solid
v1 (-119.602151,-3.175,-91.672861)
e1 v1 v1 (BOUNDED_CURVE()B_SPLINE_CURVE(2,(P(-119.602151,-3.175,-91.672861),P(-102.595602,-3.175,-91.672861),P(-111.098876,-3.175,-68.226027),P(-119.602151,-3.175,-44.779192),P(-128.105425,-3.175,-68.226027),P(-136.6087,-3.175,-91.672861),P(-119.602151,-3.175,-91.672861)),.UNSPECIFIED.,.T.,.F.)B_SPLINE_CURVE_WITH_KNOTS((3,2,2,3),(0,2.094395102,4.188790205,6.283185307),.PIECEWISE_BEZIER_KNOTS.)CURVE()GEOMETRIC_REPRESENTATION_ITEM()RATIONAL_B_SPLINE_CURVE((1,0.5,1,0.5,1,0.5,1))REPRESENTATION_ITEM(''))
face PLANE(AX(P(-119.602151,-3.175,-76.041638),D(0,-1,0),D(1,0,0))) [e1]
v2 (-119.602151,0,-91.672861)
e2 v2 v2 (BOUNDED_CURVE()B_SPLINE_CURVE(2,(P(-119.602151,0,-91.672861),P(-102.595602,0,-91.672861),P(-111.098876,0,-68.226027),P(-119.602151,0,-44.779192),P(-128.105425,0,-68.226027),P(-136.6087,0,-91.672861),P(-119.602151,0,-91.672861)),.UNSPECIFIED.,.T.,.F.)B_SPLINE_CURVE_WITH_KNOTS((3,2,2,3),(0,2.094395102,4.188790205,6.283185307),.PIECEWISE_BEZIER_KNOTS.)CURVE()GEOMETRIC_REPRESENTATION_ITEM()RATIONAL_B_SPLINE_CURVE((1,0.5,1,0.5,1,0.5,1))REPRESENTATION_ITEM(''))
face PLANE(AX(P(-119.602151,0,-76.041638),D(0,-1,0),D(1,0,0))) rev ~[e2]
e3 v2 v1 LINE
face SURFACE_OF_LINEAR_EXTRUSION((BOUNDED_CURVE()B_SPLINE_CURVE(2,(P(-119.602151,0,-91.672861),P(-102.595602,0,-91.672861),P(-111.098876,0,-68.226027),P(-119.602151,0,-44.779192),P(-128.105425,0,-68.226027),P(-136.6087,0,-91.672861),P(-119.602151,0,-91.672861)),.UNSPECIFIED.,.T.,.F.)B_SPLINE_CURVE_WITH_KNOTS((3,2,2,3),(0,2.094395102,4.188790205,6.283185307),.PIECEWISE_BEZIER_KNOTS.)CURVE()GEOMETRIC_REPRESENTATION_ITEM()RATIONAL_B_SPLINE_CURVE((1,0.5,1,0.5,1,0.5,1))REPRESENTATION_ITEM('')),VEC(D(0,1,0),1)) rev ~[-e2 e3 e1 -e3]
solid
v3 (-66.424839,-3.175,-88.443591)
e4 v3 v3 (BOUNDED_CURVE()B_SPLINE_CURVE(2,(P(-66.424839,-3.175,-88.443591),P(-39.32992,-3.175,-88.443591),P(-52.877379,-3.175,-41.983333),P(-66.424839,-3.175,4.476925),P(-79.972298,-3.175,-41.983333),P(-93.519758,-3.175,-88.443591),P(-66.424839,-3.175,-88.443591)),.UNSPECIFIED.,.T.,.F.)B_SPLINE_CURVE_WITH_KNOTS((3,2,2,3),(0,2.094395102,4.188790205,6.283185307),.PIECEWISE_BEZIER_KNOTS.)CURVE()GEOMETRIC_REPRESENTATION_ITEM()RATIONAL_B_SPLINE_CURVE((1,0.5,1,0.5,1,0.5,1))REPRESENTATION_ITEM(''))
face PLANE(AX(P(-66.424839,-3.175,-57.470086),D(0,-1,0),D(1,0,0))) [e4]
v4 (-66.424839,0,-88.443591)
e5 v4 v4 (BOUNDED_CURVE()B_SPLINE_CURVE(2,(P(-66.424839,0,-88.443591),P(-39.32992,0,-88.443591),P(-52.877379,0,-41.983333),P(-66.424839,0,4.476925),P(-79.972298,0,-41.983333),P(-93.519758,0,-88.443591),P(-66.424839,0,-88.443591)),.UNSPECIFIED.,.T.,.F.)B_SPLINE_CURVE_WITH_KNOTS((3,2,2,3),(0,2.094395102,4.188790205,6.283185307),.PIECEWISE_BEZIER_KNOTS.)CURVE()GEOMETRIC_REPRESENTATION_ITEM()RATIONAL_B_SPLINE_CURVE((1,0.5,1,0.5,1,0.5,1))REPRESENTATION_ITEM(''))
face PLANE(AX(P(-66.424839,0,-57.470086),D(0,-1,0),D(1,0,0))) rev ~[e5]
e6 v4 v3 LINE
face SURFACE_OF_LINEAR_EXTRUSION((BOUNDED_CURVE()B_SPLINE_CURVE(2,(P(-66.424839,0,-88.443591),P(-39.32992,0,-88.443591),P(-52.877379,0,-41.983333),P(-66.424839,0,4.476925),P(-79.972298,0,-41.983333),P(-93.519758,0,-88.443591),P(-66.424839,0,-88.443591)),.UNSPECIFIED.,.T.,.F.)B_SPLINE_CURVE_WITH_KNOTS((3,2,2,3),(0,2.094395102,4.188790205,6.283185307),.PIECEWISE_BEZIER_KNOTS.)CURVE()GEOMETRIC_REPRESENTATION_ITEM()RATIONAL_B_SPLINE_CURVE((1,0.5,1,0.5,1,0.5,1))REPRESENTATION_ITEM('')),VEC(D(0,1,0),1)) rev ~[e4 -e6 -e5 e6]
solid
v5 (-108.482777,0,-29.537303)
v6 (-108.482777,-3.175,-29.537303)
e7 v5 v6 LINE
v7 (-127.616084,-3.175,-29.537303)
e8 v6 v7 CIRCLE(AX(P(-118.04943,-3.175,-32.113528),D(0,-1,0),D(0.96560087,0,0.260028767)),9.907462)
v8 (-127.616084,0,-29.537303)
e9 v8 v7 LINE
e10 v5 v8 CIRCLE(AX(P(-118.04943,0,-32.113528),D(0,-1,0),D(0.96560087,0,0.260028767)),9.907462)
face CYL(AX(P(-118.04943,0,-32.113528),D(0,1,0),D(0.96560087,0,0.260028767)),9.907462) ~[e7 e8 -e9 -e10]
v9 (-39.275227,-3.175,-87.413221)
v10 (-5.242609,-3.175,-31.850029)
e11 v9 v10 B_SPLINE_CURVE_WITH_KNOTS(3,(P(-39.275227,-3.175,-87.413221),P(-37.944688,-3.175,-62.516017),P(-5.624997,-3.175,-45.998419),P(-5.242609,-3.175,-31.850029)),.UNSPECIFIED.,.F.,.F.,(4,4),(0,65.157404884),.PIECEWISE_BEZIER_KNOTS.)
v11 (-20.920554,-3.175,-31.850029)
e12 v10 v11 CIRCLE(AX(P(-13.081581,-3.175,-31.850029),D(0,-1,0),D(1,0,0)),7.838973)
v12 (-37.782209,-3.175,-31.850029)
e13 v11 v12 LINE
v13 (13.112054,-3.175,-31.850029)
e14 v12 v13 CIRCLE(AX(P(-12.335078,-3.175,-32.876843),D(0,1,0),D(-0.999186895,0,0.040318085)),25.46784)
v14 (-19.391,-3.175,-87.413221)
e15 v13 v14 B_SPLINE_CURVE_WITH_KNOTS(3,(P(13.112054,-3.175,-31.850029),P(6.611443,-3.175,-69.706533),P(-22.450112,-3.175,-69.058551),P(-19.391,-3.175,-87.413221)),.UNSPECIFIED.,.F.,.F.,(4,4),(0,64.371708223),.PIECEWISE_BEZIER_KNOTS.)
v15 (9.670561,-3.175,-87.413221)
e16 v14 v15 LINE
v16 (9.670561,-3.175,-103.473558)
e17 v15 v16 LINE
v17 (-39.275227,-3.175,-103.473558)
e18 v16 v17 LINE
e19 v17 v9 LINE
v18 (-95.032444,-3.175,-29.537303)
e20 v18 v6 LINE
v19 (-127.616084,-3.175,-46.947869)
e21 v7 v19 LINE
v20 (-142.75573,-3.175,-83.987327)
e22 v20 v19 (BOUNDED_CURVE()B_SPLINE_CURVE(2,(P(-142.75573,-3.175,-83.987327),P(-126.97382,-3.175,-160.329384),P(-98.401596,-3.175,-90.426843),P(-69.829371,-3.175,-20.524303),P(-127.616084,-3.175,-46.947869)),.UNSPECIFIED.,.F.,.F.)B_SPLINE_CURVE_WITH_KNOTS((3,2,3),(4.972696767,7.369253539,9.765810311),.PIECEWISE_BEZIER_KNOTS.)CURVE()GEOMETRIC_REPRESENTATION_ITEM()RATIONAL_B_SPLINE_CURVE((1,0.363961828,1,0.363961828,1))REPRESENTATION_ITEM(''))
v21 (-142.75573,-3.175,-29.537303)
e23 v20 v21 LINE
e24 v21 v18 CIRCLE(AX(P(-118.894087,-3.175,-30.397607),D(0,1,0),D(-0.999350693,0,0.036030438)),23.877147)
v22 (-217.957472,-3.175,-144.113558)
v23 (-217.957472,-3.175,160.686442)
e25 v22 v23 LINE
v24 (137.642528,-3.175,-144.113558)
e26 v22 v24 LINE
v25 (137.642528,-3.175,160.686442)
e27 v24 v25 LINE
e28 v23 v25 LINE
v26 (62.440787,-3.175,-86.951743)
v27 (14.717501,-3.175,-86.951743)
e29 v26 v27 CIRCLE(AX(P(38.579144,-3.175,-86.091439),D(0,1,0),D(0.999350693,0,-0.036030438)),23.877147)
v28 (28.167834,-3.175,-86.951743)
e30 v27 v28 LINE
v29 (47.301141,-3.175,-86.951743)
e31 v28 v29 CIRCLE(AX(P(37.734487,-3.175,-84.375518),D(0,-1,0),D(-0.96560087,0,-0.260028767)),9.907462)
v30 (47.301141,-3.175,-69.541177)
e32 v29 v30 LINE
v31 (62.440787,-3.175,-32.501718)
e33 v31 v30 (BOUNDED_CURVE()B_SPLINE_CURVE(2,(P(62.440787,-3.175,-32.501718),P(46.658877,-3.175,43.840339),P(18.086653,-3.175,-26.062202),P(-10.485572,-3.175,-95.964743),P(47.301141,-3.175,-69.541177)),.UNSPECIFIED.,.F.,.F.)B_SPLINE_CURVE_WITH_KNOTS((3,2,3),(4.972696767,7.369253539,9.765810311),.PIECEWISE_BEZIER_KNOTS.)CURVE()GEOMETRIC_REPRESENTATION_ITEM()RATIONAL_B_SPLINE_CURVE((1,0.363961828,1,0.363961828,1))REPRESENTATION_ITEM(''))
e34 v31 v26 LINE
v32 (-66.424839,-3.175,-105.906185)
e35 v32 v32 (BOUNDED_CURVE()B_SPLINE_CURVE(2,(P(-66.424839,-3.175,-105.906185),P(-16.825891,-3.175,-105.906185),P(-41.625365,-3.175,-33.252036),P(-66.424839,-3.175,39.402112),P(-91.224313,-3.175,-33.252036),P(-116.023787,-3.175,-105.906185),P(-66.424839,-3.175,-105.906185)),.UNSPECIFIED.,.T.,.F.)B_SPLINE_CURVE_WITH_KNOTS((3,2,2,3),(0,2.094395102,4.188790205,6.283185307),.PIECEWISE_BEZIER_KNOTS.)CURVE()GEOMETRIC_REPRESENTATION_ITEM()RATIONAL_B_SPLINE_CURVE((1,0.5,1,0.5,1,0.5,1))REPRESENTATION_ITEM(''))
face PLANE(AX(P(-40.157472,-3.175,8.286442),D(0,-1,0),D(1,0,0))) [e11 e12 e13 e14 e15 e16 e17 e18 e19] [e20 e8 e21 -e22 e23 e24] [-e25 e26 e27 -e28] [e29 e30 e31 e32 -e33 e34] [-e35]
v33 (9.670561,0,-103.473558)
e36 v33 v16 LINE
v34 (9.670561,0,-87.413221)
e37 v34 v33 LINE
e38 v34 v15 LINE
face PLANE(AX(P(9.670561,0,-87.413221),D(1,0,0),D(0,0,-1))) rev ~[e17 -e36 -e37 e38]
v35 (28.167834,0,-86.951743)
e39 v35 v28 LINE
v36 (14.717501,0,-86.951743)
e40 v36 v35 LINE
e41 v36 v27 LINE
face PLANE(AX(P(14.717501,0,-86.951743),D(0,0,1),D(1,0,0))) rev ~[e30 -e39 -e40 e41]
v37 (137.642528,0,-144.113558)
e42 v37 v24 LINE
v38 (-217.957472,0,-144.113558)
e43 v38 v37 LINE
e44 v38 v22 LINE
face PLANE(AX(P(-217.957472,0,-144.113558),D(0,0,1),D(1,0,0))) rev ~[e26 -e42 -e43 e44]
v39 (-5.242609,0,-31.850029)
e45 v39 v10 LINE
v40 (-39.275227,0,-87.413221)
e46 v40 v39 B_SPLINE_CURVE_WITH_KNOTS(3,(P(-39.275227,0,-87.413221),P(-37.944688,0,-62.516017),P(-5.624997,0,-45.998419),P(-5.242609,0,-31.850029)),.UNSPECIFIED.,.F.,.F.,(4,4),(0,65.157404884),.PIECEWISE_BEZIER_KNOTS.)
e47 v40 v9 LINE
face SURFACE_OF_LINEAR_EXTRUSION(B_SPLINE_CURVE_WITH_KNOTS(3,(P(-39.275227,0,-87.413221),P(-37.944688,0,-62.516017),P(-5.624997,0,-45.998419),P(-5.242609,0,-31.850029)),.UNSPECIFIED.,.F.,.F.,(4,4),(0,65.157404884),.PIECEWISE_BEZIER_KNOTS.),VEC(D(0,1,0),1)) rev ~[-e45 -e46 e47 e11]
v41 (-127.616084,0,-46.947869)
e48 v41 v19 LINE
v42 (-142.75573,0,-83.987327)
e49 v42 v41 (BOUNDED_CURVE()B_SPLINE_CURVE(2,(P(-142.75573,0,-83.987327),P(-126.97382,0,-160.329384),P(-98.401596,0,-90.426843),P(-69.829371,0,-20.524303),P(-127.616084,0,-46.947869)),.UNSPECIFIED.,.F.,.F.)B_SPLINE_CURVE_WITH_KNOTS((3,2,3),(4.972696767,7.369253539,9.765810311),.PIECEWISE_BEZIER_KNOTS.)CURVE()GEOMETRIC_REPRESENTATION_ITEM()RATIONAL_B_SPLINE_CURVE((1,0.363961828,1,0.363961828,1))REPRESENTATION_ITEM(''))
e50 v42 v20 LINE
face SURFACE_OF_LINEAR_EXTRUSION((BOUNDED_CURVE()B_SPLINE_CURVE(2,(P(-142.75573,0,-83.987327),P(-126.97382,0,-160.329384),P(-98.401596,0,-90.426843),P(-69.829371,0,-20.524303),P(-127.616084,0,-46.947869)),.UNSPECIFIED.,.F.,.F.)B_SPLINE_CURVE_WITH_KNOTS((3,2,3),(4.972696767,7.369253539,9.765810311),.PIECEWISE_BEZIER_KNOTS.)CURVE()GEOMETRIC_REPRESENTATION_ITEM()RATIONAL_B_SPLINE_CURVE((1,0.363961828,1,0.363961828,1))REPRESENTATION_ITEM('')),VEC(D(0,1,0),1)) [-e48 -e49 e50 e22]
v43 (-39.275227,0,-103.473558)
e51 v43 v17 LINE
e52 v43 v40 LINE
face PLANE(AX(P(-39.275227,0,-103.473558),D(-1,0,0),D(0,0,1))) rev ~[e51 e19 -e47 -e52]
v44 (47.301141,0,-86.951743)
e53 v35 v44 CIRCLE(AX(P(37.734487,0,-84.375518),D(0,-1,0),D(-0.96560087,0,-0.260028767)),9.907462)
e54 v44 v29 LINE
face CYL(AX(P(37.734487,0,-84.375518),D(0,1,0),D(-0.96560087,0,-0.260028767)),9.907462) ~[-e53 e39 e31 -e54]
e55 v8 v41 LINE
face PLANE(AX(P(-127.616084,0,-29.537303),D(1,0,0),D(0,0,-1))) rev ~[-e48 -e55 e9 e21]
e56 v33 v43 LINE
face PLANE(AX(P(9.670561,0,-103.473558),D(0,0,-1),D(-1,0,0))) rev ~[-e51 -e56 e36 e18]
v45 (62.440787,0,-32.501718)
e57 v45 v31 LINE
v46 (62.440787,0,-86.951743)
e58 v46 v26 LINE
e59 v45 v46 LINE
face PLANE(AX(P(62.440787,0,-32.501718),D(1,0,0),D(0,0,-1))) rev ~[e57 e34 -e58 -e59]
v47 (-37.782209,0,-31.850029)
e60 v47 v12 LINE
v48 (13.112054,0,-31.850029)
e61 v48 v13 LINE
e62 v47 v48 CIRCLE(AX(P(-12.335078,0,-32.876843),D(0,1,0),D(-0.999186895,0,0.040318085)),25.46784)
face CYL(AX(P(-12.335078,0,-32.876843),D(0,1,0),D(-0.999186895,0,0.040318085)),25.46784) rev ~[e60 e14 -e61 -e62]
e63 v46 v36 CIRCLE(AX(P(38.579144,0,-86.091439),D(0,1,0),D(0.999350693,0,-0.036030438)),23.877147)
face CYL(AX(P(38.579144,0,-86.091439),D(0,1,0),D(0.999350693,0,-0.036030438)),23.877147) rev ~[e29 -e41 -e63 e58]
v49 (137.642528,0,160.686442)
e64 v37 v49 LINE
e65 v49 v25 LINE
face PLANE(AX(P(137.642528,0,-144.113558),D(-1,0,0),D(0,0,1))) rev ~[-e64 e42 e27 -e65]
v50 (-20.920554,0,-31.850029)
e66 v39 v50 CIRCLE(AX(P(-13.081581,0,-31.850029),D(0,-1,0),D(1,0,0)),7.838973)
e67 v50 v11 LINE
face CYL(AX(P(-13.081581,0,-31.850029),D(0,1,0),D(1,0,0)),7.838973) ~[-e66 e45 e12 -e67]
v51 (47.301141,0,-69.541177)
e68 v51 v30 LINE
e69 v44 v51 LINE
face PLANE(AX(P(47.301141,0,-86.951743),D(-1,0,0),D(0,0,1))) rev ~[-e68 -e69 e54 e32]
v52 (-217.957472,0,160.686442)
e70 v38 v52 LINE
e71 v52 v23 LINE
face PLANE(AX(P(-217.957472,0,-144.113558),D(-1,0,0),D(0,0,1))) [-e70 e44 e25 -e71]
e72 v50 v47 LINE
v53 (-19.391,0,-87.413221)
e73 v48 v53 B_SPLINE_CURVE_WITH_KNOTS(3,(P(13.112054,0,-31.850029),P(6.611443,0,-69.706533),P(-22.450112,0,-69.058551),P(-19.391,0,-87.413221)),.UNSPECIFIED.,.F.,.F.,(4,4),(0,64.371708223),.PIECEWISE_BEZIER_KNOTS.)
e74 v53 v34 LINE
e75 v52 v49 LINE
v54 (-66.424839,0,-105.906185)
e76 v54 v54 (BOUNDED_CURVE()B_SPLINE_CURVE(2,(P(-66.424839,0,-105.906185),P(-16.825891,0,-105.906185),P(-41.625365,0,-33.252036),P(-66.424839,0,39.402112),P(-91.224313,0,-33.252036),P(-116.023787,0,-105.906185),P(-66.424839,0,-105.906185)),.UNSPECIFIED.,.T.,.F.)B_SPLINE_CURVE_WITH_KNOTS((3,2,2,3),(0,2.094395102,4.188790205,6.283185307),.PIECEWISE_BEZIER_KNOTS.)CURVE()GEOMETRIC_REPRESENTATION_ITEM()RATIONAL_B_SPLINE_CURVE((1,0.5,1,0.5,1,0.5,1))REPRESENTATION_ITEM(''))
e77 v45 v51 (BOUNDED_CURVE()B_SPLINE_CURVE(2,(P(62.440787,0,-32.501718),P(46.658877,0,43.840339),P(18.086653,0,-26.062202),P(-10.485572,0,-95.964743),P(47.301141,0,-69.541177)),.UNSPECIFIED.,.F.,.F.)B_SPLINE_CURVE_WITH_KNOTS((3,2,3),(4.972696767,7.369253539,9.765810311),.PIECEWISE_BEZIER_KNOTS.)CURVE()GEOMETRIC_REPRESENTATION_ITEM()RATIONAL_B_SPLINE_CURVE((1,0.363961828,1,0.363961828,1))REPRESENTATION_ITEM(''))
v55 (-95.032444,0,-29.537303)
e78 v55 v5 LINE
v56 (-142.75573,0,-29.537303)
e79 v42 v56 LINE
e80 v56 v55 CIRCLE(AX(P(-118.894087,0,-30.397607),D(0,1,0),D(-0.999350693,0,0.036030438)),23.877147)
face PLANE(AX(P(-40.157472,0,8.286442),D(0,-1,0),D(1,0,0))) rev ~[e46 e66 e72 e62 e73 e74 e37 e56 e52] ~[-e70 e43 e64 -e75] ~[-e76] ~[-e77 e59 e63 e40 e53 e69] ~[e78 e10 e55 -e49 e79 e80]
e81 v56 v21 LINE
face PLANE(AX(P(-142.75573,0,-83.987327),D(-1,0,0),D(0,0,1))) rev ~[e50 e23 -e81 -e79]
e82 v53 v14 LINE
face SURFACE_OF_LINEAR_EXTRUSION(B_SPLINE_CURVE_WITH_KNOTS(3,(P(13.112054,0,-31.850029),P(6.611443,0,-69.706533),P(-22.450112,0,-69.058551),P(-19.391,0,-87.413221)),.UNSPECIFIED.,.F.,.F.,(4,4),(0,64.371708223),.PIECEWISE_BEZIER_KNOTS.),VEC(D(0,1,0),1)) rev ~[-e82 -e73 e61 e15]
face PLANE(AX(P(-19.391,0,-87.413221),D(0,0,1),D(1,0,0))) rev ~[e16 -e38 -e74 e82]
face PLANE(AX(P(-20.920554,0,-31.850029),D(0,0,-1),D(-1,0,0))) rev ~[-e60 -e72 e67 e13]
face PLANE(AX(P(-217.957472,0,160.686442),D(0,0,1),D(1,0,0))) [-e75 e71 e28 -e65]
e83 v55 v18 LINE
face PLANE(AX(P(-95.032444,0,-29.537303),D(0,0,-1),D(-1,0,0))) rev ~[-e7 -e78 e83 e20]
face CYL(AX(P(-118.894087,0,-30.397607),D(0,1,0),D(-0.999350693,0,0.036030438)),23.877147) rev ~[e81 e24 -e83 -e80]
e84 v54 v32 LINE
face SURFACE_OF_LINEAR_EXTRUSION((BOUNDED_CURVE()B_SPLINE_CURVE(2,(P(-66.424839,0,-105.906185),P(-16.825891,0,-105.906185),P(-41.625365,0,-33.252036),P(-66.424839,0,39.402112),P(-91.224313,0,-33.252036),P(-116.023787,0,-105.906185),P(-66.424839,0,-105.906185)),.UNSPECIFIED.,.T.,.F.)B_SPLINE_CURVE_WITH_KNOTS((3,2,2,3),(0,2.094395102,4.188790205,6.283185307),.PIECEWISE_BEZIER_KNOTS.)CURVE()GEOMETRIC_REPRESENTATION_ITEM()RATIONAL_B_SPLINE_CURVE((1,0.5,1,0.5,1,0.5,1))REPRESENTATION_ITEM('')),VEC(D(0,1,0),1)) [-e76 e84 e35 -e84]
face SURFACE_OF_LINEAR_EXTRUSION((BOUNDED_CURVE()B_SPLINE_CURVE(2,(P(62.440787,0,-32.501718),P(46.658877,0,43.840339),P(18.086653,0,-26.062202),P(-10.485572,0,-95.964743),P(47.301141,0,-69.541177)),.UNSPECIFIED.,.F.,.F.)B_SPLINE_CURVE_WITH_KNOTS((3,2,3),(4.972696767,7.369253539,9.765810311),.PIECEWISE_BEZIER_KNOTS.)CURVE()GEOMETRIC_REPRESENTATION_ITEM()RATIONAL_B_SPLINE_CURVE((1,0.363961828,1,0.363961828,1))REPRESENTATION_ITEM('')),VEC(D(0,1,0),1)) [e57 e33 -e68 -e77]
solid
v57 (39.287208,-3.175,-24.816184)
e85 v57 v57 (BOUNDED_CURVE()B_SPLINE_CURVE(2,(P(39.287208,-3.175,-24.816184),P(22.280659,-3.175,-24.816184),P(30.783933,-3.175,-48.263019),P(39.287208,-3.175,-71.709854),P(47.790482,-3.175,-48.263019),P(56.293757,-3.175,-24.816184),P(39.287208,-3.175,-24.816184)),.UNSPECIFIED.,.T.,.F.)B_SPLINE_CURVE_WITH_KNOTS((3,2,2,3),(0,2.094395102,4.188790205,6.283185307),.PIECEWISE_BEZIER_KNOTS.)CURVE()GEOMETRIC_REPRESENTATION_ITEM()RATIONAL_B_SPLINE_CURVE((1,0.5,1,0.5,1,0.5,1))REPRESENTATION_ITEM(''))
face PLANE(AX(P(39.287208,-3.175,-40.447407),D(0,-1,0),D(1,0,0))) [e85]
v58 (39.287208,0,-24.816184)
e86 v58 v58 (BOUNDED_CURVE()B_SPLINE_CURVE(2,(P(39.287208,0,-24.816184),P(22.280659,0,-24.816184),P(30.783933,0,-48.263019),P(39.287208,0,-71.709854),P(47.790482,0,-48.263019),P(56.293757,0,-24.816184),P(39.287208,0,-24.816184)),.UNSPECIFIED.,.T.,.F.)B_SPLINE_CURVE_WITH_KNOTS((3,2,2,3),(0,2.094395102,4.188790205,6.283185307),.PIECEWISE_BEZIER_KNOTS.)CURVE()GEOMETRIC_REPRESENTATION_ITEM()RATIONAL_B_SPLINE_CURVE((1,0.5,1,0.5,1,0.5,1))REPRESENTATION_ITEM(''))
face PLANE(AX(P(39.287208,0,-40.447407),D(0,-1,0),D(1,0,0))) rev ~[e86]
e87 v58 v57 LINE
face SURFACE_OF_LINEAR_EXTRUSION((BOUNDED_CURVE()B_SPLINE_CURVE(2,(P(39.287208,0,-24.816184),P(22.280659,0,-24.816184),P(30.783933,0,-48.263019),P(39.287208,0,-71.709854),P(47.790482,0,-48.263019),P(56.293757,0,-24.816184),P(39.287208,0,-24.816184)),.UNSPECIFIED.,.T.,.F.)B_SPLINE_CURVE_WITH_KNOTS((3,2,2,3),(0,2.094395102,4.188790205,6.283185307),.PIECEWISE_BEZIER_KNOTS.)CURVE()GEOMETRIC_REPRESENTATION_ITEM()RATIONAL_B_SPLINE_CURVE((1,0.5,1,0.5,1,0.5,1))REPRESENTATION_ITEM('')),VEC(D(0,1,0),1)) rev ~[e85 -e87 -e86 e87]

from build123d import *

# Parameters (mm, degrees)
F0_W     = 355.6
F0_H     = 304.8
F1_DEPTH = 3.175


with BuildPart() as f1:
    # F0 (on Front) → F1 (new body)
    with BuildSketch(Plane.XZ):
        with Locations((-40.1574715292, 8.2864418507)):
            Rectangle(F0_W, F0_H)
        with BuildLine():
            ThreePointArc((-142.7557298629, -29.5373028781), (-118.8940867618, -6.520460227), (-95.0324436608, -29.5373028781))
            Line((-95.0324436608, -29.5373028781), (-108.4827767409, -29.5373028781))
            ThreePointArc((-108.4827767409, -29.5373028781), (-118.0494302176, -22.2060663534), (-127.6160836943, -29.5373028781))
            Line((-127.6160836943, -29.5373028781), (-127.6160836943, -46.9478685959))
            add(Edge.make_bspline(
                [(-142.7557298629, -83.987326965), (-126.9738204318, -160.3293840028), (-98.4015956376, -90.4268434154), (-69.8293708434, -20.5243028281), (-127.6160836943, -46.9478685959)],
                knots=[4.9726967666, 4.9726967666, 4.9726967666, 7.3692535387, 7.3692535387, 9.7658103108, 9.7658103108, 9.7658103108], degree=2, weights=[1, 0.3639618282, 1, 0.3639618282, 1]))
            Line((-142.7557298629, -83.987326965), (-142.7557298629, -29.5373028781))
        make_face(mode=Mode.SUBTRACT)
        with BuildLine():
            add(Edge.make_bspline(
                [(-66.4248388269, -105.906184584), (-16.8258911035, -105.906184584), (-41.6253649652, -33.2520364982), (-66.4248388269, 39.4021115876), (-91.2243126886, -33.2520364982), (-116.0237865503, -105.906184584), (-66.4248388269, -105.906184584)],
                knots=[0, 0, 0, 2.0943951024, 2.0943951024, 4.1887902048, 4.1887902048, 6.2831853072, 6.2831853072, 6.2831853072], degree=2, weights=[1, 0.5, 1, 0.5, 1, 0.5, 1]))
        make_face(mode=Mode.SUBTRACT)
        with BuildLine():
            ThreePointArc((-5.2426088433, -31.8500286278), (-13.0815814728, -24.0110559984), (-20.9205541022, -31.8500286278))
            Line((-20.9205541022, -31.8500286278), (-37.7822094142, -31.8500286278))
            ThreePointArc((-37.7822094142, -31.8500286278), (-12.3350775563, -7.4090032919), (13.1120543017, -31.8500286278))
            add(Edge.make_bspline(
                [(13.1120543017, -31.8500286278), (6.6114428313, -69.7065332751), (-22.450112245, -69.0585513461), (-19.3909995049, -87.4132206957)],
                knots=[0, 0, 0, 0, 64.3717082228, 64.3717082228, 64.3717082228, 64.3717082228], degree=3))
            Line((-19.3909995049, -87.4132206957), (9.6705608896, -87.4132206957))
            Line((9.6705608896, -87.4132206957), (9.6705608896, -103.4735581493))
            Line((9.6705608896, -103.4735581493), (-39.2752269973, -103.4735581493))
            Line((-39.2752269973, -103.4735581493), (-39.2752269973, -87.4132206957))
            add(Edge.make_bspline(
                [(-39.2752269973, -87.4132206957), (-37.9446880513, -62.5160173481), (-5.6249974927, -45.9984192894), (-5.2426088433, -31.8500286278)],
                knots=[0, 0, 0, 0, 65.1574048837, 65.1574048837, 65.1574048837, 65.1574048837], degree=3))
        make_face(mode=Mode.SUBTRACT)
        with BuildLine():
            ThreePointArc((62.4407868077, -86.9517425749), (38.5791437066, -109.9685852259), (14.7175006056, -86.9517425749))
            Line((14.7175006056, -86.9517425749), (28.1678336858, -86.9517425749))
            ThreePointArc((28.1678336858, -86.9517425749), (37.7344871624, -94.2829790995), (47.3011406391, -86.9517425749))
            Line((47.3011406391, -86.9517425749), (47.3011406391, -69.541176857))
            add(Edge.make_bspline(
                [(62.4407868077, -32.5017184879), (46.6588773766, 43.8403385498), (18.0866525824, -26.0622020375), (-10.4855722118, -95.9647426249), (47.3011406391, -69.541176857)],
                knots=[4.9726967666, 4.9726967666, 4.9726967666, 7.3692535387, 7.3692535387, 9.7658103108, 9.7658103108, 9.7658103108], degree=2, weights=[1, 0.3639618282, 1, 0.3639618282, 1]))
            Line((62.4407868077, -32.5017184879), (62.4407868077, -86.9517425749))
        make_face(mode=Mode.SUBTRACT)
    extrude(amount=F1_DEPTH)


with BuildPart() as f1b:
    # F0 (on Front) → F1, piece 2 (new body)
    with BuildSketch(Plane.XZ):
        with BuildLine():
            add(Edge.make_bspline(
                [(-66.4248388269, -88.443591274), (-39.3299198243, -88.443591274), (-52.8773793256, -41.9833331532), (-66.4248388269, 4.4769249675), (-79.9722983282, -41.9833331532), (-93.5197578295, -88.443591274), (-66.4248388269, -88.443591274)],
                knots=[0, 0, 0, 2.0943951024, 2.0943951024, 4.1887902048, 4.1887902048, 6.2831853072, 6.2831853072, 6.2831853072], degree=2, weights=[1, 0.5, 1, 0.5, 1, 0.5, 1]))
        make_face()
    extrude(amount=F1_DEPTH)


with BuildPart() as f1c:
    # F0 (on Front) → F1, piece 3 (new body)
    with BuildSketch(Plane.XZ):
        with BuildLine():
            add(Edge.make_bspline(
                [(-119.6021508598, -91.6728613435), (-102.5956020408, -91.6728613435), (-111.0988764503, -68.2260265909), (-119.6021508598, -44.7791918383), (-128.1054252693, -68.2260265909), (-136.6086996787, -91.6728613435), (-119.6021508598, -91.6728613435)],
                knots=[0, 0, 0, 2.0943951024, 2.0943951024, 4.1887902048, 4.1887902048, 6.2831853072, 6.2831853072, 6.2831853072], degree=2, weights=[1, 0.5, 1, 0.5, 1, 0.5, 1]))
        make_face()
    extrude(amount=F1_DEPTH)


with BuildPart() as f1d:
    # F0 (on Front) → F1, piece 4 (new body)
    with BuildSketch(Plane.XZ):
        with BuildLine():
            add(Edge.make_bspline(
                [(39.2872078046, -24.8161841095), (22.2806589856, -24.8161841095), (30.7839333951, -48.2630188621), (39.2872078046, -71.7098536147), (47.7904822141, -48.2630188621), (56.2937566235, -24.8161841095), (39.2872078046, -24.8161841095)],
                knots=[0, 0, 0, 2.0943951024, 2.0943951024, 4.1887902048, 4.1887902048, 6.2831853072, 6.2831853072, 6.2831853072], degree=2, weights=[1, 0.5, 1, 0.5, 1, 0.5, 1]))
        make_face()
    extrude(amount=F1_DEPTH)


solid = Compound([f1.part, f1b.part, f1c.part, f1d.part])
